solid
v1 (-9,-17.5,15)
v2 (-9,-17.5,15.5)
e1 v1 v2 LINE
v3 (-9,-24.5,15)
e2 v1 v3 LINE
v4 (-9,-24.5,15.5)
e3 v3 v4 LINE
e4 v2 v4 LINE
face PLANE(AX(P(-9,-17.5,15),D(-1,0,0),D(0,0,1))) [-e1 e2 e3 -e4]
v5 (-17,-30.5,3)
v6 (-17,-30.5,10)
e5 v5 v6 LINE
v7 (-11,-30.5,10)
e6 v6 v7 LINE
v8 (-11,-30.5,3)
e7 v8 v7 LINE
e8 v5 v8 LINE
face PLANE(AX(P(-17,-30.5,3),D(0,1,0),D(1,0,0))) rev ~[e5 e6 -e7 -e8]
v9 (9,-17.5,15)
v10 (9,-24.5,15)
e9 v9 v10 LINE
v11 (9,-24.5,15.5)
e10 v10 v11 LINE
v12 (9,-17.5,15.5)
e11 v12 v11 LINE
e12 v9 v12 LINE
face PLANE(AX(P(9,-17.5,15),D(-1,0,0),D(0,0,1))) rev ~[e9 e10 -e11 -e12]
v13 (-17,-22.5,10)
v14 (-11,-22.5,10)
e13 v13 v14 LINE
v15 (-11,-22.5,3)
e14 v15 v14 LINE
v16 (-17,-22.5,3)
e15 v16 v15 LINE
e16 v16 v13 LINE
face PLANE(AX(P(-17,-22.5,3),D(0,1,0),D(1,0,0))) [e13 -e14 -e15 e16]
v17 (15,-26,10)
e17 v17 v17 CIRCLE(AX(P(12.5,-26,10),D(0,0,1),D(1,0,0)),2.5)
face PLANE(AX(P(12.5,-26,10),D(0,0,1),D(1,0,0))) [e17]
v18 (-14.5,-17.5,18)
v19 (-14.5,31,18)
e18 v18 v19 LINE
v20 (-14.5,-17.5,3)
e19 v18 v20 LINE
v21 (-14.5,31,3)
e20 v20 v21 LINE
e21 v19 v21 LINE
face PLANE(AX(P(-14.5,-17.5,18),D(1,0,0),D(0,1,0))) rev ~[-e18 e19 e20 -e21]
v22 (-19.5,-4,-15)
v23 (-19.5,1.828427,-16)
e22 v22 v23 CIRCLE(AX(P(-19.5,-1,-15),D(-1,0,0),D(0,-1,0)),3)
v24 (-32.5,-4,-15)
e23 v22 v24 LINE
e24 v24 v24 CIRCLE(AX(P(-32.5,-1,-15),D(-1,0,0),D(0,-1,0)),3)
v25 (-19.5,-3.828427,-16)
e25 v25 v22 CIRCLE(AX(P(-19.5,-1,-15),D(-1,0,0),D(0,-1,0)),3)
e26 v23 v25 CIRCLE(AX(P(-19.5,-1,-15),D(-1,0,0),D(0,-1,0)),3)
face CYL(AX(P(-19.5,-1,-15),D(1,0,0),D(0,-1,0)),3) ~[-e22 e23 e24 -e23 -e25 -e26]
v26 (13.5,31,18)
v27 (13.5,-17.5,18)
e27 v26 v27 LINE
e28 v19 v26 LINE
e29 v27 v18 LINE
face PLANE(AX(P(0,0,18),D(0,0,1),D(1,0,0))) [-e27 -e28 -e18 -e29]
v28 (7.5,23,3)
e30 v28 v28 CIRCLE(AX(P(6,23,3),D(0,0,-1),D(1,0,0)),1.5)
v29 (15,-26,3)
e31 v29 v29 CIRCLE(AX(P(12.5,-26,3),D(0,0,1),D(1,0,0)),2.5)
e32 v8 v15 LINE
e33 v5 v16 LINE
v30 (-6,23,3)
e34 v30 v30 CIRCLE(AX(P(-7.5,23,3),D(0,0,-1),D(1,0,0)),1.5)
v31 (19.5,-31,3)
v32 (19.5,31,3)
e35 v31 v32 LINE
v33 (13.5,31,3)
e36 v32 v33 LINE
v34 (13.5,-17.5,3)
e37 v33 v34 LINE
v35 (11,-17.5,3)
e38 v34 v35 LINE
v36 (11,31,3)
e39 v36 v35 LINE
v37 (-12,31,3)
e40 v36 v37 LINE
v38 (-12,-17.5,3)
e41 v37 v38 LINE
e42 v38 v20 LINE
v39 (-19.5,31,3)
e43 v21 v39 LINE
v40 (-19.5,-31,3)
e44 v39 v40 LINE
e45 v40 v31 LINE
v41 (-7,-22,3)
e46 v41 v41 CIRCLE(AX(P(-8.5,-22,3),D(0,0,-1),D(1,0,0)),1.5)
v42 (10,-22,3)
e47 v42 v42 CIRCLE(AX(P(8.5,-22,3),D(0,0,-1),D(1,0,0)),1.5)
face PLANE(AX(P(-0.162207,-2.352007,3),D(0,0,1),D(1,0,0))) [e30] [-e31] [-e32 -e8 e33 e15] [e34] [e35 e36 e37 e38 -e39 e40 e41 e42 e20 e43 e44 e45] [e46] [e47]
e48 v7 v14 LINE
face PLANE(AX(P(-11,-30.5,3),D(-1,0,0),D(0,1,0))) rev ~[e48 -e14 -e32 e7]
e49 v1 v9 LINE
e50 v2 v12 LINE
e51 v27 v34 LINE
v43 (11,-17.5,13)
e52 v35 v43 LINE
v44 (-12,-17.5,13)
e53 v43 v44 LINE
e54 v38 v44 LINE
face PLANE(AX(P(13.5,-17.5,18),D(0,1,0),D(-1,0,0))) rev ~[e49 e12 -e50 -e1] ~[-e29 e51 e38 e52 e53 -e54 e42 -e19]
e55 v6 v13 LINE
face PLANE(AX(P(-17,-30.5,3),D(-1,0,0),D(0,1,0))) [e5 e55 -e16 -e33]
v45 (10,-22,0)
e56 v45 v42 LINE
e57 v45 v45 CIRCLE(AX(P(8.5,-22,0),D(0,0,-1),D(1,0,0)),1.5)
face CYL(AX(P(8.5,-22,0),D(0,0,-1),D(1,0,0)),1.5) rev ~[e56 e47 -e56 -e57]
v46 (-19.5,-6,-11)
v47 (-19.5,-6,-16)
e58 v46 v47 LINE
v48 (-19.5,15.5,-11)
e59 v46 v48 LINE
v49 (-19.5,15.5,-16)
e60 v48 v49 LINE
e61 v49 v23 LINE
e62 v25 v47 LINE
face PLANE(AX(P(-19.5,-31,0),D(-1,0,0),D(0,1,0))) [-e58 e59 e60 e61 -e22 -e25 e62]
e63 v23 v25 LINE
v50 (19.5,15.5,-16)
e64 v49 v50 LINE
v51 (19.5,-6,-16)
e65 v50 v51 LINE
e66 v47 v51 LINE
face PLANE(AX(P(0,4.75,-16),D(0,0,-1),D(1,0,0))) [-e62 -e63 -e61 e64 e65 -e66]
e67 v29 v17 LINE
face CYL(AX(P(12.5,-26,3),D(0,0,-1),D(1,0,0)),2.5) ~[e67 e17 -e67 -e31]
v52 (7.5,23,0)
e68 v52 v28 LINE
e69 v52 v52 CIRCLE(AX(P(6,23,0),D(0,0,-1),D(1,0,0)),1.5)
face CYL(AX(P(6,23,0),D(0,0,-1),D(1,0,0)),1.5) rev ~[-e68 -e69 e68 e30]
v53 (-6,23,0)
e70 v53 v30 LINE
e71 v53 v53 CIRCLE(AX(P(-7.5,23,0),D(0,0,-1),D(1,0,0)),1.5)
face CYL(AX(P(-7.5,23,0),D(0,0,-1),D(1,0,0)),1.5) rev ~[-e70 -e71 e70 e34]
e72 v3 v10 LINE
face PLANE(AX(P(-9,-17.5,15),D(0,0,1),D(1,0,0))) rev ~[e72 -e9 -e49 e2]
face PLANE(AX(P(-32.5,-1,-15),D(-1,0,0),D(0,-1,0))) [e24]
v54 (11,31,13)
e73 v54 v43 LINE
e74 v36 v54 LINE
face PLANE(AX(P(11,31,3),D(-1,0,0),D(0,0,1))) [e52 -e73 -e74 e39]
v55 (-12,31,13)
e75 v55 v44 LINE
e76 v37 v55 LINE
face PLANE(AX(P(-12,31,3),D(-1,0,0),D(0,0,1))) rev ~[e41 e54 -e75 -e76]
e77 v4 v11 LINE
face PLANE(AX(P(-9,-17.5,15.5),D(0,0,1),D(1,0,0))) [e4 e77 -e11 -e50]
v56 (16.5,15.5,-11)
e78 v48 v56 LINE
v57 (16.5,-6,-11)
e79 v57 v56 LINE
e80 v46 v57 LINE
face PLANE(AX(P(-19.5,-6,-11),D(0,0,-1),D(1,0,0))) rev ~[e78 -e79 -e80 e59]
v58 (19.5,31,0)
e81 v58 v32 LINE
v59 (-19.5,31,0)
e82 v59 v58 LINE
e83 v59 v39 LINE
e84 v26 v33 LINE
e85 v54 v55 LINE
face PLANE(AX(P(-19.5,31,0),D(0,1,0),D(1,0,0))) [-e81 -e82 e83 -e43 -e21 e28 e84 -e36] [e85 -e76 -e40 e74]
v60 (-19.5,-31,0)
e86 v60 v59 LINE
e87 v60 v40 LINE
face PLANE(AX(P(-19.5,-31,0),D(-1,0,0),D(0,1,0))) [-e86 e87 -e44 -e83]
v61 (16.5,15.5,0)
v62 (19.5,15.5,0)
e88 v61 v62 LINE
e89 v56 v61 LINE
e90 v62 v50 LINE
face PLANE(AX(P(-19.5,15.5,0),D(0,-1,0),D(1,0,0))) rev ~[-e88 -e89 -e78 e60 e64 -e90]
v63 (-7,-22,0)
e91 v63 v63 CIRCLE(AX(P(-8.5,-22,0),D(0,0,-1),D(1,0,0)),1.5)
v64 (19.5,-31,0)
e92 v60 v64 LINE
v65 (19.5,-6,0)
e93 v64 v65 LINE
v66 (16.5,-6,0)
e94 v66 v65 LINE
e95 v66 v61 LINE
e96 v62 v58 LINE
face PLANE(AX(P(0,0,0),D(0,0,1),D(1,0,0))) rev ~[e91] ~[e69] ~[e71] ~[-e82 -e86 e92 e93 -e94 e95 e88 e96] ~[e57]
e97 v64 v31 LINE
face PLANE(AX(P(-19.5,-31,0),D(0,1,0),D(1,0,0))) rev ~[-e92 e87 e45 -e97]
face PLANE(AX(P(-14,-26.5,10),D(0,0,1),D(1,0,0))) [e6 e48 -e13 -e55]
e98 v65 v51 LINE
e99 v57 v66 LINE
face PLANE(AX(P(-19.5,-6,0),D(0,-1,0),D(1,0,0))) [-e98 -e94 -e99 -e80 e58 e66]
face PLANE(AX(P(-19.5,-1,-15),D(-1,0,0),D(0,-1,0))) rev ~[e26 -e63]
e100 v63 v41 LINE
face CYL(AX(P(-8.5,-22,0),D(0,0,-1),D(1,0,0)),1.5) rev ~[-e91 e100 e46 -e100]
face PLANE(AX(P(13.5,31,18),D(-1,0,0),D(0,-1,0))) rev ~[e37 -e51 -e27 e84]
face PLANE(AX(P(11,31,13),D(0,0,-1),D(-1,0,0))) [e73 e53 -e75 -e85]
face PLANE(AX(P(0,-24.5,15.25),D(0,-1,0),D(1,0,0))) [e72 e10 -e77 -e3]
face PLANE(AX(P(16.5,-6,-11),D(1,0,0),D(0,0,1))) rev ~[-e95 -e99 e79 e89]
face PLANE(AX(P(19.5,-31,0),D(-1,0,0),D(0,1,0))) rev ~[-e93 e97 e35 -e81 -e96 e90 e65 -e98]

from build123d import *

# Parameters (mm, degrees)
SKETCH_W        = 39
SKETCH_H        = 62
PAD_DEPTH       = 18
SKETCH001_W     = 39
SKETCH001_H     = 21.5
PAD001_DEPTH    = 16
SKETCH002_R     = 3
PAD002_DEPTH    = 13
SKETCH003_W     = 36
SKETCH003_H     = 11
POCKET_DEPTH    = 37.001
POCKET001_DEPTH = 15
SKETCH005_W     = 18
SKETCH005_H     = 0.5
PAD003_DEPTH    = 7
SKETCH006_R     = 2.5
SKETCH006_W     = 6
SKETCH006_H     = 8
PAD004_DEPTH    = 7
SKETCH015_R     = 1.5
POCKET005_DEPTH = 5
SKETCH016_W     = 23
SKETCH016_H     = 10
POCKET006_DEPTH = 49


with BuildPart() as part:
    # Sketch → Pad (new body)
    with BuildSketch(Plane.XY):
        Rectangle(SKETCH_W, SKETCH_H)
    extrude(amount=PAD_DEPTH)

    # Sketch001 (on Face5 of Pad) → Pad001 (join)
    with BuildSketch(Plane(origin=(0, 0, 0), x_dir=(1, 0, 0), z_dir=(0, 0, -1))):
        with Locations((0, -4.75)):
            Rectangle(SKETCH001_W, SKETCH001_H)
    extrude(amount=PAD001_DEPTH)

    # Sketch002 (on Face8 of Pad001) → Pad002 (join)
    with BuildSketch(Plane(origin=(-19.5, 0, 0), x_dir=(0, -1, 0), z_dir=(-1, 0, 0))):
        with Locations((1, -15)):
            Circle(SKETCH002_R)
    extrude(amount=PAD002_DEPTH)

    # Sketch003 (on Face11 of Pad002) → Pocket (cut, through all)
    with BuildSketch(Plane.XZ.offset(6)):
        with Locations((-1.5, -5.5)):
            Rectangle(SKETCH003_W, SKETCH003_H)
    extrude(amount=-POCKET_DEPTH, mode=Mode.SUBTRACT)

    # Sketch004 (on Face6 of Pocket) → Pocket001 (cut)
    with BuildSketch(Plane.XY.offset(18)):
        Polygon((13.5, -17.5), (-14.5, -17.5), (-14.5, 31), (-19.5, 31), (-19.5, -31), (19.5, -31), (19.5, 31), (13.5, 31), align=None)
    extrude(amount=-POCKET001_DEPTH, mode=Mode.SUBTRACT)

    # Sketch005 (on Face15 of Pocket001) → Pad003 (join)
    with BuildSketch(Plane.XZ.offset(17.5)):
        with Locations((0, 15.25)):
            Rectangle(SKETCH005_W, SKETCH005_H)
    extrude(amount=PAD003_DEPTH)

    # Sketch006 (on Face5 of Pad003) → Pad004 (join)
    with BuildSketch(Plane.XY.offset(3)):
        with Locations((12.5, -26)):
            Circle(SKETCH006_R)
        with Locations((-14, -26.5)):
            Rectangle(SKETCH006_W, SKETCH006_H)
    extrude(amount=PAD004_DEPTH)

    # Sketch015 (on Face2 of Pad004) → Pocket005 (cut)
    with BuildSketch(Plane(origin=(0, 0, 0), x_dir=(1, 0, 0), z_dir=(0, 0, -1))):
        with Locations((-8.5, 22)):
            Circle(SKETCH015_R)
        with Locations((8.5, 22)):
            Circle(SKETCH015_R)
        with Locations((-7.5, -23)):
            Circle(SKETCH015_R)
        with Locations((6, -23)):
            Circle(SKETCH015_R)
    extrude(amount=-POCKET005_DEPTH, mode=Mode.SUBTRACT)

    # Sketch016 (on Face1 of Pocket005) → Pocket006 (cut)
    with BuildSketch(Plane(origin=(0, 31, 0), x_dir=(-1, 0, 0), z_dir=(0, 1, 0))):
        with Locations((0.5, 8)):
            Rectangle(SKETCH016_W, SKETCH016_H)
    extrude(amount=-POCKET006_DEPTH, mode=Mode.SUBTRACT)


solid = part.part
